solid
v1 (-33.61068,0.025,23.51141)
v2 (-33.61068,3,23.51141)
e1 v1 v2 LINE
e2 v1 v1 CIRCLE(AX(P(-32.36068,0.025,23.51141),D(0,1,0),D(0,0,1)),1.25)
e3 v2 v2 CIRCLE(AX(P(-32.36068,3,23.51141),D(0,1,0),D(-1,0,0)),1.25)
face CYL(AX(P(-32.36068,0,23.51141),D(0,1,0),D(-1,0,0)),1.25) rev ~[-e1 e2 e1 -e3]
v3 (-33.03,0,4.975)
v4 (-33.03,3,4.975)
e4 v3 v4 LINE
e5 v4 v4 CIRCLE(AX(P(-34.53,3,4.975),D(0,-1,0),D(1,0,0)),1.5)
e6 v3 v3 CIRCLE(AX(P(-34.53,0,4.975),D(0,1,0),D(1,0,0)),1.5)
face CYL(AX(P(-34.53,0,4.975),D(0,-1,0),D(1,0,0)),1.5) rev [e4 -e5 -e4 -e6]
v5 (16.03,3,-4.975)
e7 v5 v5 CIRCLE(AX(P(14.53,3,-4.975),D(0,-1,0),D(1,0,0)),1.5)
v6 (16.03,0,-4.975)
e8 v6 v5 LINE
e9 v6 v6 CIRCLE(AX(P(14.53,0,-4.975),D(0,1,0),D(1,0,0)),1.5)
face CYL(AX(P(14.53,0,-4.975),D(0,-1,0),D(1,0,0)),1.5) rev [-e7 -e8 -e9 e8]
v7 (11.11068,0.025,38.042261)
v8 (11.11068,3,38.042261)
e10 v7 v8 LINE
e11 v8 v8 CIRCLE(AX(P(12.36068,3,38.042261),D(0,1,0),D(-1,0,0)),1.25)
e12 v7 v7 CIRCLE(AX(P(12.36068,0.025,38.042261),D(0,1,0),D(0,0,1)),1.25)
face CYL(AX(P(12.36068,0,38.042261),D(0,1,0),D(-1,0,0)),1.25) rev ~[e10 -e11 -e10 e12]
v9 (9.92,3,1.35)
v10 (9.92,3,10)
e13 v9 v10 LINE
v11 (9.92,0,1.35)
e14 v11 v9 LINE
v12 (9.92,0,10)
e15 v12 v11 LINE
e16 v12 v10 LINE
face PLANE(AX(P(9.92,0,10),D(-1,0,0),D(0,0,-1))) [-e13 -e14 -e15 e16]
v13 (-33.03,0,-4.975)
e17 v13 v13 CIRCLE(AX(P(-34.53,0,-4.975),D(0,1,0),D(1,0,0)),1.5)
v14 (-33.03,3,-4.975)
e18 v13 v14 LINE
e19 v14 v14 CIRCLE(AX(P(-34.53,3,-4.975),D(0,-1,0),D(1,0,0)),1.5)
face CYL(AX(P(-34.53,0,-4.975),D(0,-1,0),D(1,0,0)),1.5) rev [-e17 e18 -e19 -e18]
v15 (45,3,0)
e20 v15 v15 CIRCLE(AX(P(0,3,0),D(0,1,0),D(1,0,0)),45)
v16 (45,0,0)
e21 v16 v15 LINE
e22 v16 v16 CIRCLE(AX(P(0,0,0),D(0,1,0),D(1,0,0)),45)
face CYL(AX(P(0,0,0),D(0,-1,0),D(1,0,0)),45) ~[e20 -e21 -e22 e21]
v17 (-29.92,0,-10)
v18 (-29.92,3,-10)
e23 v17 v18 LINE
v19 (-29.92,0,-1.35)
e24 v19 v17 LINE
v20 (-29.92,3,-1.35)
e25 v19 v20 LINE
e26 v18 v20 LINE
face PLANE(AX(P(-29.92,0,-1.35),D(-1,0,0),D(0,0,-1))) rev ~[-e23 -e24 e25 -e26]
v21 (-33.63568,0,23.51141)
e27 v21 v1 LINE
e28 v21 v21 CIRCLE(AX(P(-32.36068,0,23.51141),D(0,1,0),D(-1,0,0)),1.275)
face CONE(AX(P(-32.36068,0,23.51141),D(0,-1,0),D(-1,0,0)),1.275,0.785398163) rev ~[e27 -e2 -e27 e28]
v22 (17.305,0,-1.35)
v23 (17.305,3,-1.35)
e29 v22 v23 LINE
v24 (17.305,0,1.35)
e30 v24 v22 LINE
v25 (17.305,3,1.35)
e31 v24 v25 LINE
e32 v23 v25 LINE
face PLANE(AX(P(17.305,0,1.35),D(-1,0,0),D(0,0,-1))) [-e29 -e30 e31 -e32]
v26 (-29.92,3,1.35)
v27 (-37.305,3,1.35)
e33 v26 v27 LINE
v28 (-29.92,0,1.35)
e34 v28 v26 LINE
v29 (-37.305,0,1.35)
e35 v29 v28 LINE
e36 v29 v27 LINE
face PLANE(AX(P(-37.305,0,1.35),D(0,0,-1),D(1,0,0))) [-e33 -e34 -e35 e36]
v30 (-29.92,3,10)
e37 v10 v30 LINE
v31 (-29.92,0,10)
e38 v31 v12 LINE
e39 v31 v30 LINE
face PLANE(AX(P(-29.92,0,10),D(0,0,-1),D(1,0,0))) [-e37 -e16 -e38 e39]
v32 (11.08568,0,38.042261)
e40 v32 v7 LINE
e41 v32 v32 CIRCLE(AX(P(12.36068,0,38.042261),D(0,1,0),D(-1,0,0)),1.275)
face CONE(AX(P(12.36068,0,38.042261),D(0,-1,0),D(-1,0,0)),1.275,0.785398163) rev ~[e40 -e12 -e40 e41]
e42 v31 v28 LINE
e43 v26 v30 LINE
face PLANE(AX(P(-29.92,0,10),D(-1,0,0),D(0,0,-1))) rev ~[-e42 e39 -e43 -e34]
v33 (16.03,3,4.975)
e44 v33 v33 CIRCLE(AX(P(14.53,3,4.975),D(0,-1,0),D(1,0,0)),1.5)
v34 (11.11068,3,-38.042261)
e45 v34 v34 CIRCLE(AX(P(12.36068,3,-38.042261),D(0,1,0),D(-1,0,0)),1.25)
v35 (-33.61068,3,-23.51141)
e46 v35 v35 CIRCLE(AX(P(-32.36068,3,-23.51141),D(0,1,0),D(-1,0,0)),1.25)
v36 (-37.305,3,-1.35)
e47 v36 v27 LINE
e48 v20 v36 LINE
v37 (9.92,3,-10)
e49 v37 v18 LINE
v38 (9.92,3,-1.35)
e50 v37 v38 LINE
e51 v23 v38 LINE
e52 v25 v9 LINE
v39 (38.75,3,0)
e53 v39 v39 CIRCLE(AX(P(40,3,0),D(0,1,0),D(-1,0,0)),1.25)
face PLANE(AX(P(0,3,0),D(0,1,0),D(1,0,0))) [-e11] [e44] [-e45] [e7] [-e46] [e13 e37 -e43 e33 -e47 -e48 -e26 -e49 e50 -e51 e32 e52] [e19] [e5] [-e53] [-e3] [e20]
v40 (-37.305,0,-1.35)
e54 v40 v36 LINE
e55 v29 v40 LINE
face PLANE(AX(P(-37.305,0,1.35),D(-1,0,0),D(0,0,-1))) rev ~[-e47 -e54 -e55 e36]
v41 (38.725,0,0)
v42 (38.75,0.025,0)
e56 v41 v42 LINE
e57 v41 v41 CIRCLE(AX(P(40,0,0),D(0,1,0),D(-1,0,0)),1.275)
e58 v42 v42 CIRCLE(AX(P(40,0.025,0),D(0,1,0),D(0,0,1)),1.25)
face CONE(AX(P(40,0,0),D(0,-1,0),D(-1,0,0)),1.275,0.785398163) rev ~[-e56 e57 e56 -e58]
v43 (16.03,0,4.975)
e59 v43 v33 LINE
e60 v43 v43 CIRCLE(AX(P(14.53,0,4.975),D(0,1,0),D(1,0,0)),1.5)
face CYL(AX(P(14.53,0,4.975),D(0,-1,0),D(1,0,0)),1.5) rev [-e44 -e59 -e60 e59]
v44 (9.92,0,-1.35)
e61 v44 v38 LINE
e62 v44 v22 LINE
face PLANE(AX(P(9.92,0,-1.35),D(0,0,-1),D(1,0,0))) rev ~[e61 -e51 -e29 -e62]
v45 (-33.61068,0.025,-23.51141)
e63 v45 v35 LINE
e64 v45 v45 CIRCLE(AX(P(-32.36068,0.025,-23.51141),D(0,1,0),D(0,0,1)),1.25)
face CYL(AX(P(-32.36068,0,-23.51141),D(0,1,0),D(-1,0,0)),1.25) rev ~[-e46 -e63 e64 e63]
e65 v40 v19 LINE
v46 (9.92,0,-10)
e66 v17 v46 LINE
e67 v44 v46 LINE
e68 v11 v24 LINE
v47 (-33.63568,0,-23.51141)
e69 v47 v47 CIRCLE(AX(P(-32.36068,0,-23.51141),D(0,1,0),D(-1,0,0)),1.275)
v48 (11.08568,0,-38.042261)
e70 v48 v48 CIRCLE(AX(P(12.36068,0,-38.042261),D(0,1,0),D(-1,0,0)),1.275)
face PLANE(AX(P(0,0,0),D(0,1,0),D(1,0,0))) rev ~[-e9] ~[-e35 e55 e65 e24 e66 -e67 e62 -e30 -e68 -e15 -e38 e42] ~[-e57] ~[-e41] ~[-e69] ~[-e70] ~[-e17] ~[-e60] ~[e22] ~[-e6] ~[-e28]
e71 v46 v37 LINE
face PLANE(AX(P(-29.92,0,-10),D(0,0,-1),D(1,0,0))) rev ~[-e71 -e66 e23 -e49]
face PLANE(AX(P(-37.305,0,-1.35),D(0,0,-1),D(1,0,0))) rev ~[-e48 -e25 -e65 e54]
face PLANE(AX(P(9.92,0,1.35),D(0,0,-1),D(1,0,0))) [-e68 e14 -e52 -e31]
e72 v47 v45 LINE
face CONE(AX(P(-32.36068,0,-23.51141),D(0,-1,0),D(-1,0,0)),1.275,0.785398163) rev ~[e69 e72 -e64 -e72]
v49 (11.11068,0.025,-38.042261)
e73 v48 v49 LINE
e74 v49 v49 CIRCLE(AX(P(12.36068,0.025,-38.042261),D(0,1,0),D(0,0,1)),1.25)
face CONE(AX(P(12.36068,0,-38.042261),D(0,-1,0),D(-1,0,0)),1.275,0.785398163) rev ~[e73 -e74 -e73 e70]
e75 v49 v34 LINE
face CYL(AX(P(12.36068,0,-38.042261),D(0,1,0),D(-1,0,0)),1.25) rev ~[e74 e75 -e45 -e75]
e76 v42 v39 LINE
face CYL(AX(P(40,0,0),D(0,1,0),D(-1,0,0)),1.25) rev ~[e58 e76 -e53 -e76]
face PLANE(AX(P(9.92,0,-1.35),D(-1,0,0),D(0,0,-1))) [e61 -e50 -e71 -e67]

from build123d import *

# Parameters (mm, degrees)
SKETCH_1_R                   = 45
EXTRUDE_1_DEPTH              = 3
HOLE_WIZARD_M3_1_D           = 2.5
HOLE_WIZARD_M3_1_CSINK_D     = 2.55
HOLE_WIZARD_M3_1_CSINK_ANGLE = 90
SKETCH_7_R                   = 1.5
SKETCH_7_W                   = 7.385
SKETCH_7_H                   = 2.7
SKETCH_7_W_2                 = 39.84
SKETCH_7_H_2                 = 20
CUT_EXTRUDE_1_DEPTH          = 4
CUT_EXTRUDE_1_DEPTH_BACK     = 1


with BuildPart() as part:
    # 草图1 → 凸台-拉伸1 (new body)
    with BuildSketch(Plane(origin=(0, 0, 0), x_dir=(1, 0, 0), z_dir=(0, 1, 0))):
        Circle(SKETCH_1_R)
    extrude(amount=EXTRUDE_1_DEPTH)

    # M3 螺纹孔的螺纹孔钻头1 (through all)
    with Locations(Plane.XZ):
        with Locations((40, 0), (12.360679775, 38.042260652), (-32.360679775, 23.511410092), (-32.360679775, -23.511410092), (12.360679775, -38.042260652)):
            CounterSinkHole(HOLE_WIZARD_M3_1_D / 2, HOLE_WIZARD_M3_1_CSINK_D / 2, counter_sink_angle=HOLE_WIZARD_M3_1_CSINK_ANGLE)

    # 草图7 → 切除-拉伸1 (cut, two sides)
    with BuildSketch(Plane(origin=(0, 0, 0), x_dir=(1, 0, 0), z_dir=(0, 1, 0))) as cut_extrude_1_sk:
        with Locations((14.53, 4.975)):
            Circle(SKETCH_7_R)
        with Locations((14.53, -4.975)):
            Circle(SKETCH_7_R)
        with Locations((-34.53, 4.975)):
            Circle(SKETCH_7_R)
        with Locations((-34.53, -4.975)):
            Circle(SKETCH_7_R)
        with Locations((13.6125, 0)):
            Rectangle(SKETCH_7_W, SKETCH_7_H)
        with Locations((-33.6125, 0)):
            Rectangle(SKETCH_7_W, SKETCH_7_H)
        with Locations((-10, 0)):
            Rectangle(SKETCH_7_W_2, SKETCH_7_H_2)
    extrude(amount=CUT_EXTRUDE_1_DEPTH, mode=Mode.SUBTRACT)
    extrude(cut_extrude_1_sk.sketch, amount=-CUT_EXTRUDE_1_DEPTH_BACK, mode=Mode.SUBTRACT)


solid = part.part
